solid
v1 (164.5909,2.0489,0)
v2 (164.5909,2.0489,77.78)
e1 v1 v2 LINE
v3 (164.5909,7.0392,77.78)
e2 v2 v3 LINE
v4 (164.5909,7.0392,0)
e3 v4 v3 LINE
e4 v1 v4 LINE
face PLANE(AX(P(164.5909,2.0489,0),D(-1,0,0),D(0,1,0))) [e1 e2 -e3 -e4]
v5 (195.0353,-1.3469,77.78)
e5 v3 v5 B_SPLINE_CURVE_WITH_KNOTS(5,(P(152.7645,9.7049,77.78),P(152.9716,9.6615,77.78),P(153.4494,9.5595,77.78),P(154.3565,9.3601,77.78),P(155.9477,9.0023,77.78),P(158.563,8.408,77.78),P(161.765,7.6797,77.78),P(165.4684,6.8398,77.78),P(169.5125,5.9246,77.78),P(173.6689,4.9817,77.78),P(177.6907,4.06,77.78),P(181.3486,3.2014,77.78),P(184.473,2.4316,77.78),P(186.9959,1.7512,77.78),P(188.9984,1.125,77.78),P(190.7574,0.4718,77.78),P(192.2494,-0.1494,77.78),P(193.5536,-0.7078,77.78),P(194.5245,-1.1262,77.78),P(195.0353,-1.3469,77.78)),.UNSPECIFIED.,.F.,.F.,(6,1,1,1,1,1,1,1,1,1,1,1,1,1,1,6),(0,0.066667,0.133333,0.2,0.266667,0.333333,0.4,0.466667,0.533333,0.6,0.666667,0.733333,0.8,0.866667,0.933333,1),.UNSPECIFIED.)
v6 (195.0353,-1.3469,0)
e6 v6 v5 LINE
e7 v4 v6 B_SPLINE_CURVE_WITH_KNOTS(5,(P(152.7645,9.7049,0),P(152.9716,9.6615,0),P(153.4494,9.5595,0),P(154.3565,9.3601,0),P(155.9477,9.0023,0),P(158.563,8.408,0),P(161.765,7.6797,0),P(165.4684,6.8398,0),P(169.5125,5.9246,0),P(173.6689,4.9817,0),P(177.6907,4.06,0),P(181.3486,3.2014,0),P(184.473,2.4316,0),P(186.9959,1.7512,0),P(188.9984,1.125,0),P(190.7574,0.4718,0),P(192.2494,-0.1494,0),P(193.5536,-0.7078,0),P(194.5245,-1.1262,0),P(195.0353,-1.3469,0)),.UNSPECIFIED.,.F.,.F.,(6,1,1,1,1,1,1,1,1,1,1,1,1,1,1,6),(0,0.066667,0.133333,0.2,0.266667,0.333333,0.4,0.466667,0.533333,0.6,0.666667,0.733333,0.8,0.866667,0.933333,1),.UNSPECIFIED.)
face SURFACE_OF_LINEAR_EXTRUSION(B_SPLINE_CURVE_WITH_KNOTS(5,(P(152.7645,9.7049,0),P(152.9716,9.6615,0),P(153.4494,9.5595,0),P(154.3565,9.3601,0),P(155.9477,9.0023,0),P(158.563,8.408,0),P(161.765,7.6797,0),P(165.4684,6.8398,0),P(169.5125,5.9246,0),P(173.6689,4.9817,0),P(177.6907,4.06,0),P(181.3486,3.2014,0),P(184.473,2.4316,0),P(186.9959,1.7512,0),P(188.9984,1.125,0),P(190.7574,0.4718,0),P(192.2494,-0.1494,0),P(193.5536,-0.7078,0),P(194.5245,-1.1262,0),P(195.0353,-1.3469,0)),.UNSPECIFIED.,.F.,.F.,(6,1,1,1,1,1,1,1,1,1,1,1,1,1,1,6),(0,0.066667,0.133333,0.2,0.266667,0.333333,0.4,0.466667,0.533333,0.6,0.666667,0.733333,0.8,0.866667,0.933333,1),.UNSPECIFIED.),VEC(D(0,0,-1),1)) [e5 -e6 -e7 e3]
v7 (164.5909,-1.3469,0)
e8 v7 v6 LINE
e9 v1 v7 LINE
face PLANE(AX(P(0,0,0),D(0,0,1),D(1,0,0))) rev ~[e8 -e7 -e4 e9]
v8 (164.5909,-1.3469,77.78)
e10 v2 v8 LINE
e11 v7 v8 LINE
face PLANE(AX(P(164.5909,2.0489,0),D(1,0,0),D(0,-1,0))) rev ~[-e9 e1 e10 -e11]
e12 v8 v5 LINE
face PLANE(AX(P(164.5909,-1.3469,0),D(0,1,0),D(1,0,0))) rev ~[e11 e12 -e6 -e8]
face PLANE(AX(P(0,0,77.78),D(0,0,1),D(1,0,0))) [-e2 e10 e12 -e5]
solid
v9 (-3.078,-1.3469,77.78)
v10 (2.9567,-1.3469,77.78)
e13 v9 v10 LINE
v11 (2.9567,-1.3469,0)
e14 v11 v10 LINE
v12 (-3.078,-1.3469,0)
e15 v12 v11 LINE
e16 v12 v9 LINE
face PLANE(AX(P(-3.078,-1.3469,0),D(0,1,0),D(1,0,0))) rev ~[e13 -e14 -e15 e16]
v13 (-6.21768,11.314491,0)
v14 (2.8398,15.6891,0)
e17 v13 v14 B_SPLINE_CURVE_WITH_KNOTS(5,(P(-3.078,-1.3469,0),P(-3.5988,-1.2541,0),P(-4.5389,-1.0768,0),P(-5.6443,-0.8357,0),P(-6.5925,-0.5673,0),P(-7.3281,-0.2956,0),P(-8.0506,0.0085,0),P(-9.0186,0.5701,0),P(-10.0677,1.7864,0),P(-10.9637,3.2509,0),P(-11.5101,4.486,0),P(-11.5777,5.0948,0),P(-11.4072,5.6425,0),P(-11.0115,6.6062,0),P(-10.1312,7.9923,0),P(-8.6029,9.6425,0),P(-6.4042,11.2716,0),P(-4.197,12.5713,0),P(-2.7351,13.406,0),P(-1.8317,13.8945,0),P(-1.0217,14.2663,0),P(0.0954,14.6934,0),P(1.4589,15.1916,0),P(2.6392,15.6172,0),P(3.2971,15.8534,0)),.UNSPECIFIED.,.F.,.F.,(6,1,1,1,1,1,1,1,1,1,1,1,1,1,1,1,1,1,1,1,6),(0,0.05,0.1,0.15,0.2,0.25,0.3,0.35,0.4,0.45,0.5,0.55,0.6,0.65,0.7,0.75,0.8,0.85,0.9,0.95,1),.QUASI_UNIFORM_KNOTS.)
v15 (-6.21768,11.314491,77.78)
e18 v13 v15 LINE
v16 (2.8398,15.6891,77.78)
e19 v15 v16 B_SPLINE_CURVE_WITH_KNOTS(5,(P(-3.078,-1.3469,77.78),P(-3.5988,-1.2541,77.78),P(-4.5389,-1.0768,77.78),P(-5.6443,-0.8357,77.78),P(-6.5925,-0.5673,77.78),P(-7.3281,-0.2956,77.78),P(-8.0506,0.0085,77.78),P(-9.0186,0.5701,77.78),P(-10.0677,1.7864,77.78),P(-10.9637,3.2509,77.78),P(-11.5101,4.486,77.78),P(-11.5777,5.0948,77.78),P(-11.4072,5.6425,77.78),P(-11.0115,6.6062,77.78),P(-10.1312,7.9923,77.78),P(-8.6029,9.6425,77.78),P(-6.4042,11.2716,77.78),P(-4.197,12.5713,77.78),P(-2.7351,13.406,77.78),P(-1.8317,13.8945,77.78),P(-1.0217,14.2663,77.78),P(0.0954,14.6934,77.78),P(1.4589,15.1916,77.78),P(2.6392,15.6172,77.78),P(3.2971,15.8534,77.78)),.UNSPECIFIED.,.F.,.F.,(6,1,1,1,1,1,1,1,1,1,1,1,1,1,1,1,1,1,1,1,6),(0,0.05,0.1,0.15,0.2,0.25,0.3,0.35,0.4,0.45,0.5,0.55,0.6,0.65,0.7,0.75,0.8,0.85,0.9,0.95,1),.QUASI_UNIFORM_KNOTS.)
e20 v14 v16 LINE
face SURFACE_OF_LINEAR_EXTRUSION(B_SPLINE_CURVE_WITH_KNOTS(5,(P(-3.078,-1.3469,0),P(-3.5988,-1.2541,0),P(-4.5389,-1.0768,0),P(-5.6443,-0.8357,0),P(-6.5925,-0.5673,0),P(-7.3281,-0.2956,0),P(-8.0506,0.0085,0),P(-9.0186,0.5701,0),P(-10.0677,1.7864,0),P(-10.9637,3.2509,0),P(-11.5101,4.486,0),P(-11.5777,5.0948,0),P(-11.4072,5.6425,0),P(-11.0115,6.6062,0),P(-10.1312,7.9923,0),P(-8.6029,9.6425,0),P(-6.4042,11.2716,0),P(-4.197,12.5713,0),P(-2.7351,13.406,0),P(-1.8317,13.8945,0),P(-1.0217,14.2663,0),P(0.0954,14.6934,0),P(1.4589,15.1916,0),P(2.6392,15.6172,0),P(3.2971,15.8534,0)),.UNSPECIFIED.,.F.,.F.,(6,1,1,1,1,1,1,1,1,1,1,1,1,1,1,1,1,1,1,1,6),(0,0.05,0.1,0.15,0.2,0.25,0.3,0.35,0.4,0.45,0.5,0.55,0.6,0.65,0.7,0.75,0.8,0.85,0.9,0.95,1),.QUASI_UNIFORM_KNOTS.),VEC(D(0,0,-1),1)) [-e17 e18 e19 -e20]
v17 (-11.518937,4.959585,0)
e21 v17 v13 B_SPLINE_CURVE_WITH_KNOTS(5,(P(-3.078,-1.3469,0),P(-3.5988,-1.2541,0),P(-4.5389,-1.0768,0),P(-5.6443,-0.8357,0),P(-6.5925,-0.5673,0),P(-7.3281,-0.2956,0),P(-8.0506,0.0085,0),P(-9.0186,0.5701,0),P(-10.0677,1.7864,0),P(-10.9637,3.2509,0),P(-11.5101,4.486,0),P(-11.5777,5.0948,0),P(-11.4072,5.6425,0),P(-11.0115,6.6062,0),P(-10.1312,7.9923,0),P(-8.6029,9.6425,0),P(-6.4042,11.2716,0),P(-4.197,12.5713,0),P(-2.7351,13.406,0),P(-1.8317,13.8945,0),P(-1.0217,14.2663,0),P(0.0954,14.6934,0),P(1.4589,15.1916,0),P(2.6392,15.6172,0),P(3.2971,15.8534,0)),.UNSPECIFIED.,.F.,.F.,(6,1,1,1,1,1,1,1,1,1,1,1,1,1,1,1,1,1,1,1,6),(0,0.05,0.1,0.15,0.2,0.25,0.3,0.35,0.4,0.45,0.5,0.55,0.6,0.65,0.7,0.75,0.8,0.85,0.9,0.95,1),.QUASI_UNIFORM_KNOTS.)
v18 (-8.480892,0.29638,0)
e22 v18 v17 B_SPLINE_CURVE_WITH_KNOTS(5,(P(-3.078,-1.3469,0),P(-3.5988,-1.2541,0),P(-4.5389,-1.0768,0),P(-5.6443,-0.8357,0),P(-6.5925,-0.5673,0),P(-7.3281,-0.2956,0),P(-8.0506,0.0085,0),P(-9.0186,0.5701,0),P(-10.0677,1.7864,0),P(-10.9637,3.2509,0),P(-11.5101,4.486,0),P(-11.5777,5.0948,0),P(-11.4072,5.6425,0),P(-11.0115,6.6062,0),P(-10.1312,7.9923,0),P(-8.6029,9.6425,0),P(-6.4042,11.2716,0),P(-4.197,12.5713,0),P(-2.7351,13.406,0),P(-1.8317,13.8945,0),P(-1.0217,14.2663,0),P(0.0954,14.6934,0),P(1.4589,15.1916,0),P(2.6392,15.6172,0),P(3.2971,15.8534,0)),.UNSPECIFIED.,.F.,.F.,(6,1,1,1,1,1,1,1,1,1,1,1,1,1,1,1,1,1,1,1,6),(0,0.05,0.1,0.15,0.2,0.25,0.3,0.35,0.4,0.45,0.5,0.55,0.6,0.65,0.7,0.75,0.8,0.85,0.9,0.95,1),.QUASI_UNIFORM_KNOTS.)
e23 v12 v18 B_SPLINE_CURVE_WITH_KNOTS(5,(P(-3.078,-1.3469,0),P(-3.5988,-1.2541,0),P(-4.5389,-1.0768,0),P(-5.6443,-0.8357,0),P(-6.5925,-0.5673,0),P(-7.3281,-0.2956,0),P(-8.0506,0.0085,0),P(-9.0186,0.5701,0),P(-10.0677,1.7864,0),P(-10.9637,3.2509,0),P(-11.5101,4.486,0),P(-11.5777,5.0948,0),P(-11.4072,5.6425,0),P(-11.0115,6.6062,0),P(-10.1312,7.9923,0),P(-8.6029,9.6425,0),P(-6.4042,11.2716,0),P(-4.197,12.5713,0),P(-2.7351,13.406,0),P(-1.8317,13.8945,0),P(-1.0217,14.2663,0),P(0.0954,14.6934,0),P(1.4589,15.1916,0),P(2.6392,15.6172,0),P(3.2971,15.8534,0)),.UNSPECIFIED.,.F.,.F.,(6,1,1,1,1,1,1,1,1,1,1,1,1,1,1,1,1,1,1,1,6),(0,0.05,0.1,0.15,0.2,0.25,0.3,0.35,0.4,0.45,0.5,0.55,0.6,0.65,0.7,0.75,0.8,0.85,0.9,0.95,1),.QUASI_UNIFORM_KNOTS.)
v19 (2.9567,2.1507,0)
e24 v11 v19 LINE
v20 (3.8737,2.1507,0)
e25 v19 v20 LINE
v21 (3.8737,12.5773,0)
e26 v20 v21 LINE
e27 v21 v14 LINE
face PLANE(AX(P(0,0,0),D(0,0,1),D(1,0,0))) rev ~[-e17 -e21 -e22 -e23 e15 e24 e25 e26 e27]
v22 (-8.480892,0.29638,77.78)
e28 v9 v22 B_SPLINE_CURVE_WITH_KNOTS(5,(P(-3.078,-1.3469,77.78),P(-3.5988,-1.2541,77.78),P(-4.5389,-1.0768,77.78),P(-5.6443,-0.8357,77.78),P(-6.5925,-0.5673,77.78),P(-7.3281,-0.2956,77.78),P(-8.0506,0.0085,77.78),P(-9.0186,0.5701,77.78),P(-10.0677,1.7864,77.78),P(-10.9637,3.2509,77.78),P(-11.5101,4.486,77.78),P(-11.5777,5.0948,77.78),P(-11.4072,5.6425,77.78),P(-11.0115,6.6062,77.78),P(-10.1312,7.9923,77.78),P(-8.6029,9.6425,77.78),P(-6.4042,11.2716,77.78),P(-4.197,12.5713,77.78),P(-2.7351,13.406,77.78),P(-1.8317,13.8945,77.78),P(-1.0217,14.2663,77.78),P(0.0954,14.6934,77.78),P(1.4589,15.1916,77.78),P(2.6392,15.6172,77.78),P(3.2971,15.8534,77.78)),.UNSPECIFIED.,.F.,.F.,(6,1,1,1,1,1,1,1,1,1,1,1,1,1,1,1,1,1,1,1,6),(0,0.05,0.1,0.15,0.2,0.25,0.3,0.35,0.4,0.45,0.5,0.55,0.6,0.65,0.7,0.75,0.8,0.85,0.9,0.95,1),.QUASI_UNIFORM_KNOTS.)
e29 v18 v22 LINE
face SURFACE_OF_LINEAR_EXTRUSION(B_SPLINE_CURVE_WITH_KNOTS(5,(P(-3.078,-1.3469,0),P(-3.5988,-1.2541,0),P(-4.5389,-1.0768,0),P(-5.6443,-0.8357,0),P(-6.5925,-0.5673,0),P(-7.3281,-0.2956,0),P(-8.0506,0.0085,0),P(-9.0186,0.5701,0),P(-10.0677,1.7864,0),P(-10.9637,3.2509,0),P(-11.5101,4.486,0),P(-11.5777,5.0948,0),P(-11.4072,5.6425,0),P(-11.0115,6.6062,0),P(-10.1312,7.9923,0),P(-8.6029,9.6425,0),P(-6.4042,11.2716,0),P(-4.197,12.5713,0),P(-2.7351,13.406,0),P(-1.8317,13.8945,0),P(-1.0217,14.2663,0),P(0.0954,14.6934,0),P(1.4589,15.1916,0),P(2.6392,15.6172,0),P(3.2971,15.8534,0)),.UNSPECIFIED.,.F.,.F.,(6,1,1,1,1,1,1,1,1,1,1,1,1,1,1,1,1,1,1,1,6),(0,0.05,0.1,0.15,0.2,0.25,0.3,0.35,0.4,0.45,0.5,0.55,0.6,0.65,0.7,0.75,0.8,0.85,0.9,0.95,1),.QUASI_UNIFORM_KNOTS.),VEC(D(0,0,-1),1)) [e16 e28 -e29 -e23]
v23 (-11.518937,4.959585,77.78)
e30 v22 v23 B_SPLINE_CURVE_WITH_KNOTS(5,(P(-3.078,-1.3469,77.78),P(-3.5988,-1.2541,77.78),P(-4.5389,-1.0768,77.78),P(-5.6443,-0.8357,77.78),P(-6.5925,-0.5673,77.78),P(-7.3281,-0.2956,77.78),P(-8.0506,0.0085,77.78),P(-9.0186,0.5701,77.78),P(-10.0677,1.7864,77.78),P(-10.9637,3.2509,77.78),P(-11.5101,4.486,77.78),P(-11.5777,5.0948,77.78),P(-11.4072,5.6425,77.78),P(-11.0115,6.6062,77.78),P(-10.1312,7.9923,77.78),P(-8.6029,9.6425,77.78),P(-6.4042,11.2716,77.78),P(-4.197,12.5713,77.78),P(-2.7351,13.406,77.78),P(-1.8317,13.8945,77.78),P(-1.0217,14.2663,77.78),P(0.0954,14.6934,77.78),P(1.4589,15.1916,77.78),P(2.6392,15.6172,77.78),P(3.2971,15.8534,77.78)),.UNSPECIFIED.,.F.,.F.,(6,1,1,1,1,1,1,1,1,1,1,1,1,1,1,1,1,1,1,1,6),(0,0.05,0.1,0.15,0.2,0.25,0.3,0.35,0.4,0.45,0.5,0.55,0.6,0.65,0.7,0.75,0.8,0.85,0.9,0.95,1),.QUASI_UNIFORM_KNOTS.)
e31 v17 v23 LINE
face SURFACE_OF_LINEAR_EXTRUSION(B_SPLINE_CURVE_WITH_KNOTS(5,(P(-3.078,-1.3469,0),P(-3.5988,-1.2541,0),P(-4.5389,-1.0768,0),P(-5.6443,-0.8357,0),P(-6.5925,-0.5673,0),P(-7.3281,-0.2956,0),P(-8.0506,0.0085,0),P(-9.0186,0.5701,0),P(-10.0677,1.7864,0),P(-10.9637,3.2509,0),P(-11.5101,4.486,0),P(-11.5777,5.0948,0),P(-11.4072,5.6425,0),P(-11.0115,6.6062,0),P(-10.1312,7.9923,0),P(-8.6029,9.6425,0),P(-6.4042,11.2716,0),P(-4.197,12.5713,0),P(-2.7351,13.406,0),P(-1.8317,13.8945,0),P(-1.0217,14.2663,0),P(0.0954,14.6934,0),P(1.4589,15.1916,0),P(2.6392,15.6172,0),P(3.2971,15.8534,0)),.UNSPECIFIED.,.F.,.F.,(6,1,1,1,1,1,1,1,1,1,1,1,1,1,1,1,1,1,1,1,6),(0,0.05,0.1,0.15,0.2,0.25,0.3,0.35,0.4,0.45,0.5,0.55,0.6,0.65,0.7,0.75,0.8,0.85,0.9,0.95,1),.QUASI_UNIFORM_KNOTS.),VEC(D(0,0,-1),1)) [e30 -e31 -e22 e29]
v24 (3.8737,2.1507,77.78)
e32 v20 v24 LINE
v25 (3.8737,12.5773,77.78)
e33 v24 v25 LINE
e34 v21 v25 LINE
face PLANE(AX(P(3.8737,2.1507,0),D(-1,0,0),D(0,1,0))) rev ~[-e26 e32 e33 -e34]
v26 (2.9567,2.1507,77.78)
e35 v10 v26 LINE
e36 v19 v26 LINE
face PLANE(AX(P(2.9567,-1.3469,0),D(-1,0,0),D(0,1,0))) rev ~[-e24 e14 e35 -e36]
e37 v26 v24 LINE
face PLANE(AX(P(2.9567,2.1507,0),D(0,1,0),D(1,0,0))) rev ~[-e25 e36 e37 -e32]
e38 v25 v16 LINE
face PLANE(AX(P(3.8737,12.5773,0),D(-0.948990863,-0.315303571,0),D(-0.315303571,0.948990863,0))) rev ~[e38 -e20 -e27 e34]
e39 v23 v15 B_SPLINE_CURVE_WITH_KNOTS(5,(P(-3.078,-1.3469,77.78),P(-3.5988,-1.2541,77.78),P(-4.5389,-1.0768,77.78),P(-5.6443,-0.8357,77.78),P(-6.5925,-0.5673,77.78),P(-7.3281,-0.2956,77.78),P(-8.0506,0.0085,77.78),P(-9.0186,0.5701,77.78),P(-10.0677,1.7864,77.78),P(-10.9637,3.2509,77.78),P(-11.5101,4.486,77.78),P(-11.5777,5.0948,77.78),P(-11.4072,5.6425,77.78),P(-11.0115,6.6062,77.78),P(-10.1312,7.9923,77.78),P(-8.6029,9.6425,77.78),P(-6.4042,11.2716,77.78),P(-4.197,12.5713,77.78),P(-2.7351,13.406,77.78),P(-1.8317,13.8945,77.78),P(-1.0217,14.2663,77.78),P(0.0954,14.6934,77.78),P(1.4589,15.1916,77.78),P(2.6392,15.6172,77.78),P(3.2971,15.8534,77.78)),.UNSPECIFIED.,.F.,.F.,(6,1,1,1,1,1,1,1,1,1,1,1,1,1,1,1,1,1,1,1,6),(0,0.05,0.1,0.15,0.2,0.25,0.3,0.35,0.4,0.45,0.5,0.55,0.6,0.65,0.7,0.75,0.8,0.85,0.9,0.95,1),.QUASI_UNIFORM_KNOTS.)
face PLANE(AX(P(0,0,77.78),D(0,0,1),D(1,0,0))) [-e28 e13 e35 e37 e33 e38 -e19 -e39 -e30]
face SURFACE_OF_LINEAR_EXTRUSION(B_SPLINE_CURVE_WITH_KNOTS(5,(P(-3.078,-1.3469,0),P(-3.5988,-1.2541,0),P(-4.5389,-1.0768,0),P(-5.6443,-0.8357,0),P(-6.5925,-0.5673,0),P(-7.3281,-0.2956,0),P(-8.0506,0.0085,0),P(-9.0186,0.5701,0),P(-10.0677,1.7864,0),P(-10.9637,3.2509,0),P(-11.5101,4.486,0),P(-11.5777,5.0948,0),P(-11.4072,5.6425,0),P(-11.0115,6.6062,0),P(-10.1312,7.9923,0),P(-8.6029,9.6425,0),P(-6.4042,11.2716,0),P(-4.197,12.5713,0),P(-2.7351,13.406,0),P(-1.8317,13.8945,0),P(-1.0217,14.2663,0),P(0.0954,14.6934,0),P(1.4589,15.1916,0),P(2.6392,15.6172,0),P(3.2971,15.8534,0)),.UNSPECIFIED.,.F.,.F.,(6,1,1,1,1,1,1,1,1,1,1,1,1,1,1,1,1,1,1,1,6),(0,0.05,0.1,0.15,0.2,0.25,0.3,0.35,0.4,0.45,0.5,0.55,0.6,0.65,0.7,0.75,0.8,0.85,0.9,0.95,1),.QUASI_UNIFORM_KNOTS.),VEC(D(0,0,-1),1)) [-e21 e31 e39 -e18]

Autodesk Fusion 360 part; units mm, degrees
sketch "Sketch1" plane through (0, 0, 0) normal (0, 0, 1) x (1, 0, 0) in component "Airfoil structure"
  spline S0 degree 5 poles (152.7645, 9.7049) (152.9716, 9.6615) (153.4494, 9.5595) (154.3565, 9.3601) (155.9477, 9.0023) (158.563, 8.408) (161.765, 7.6797) (165.4684, 6.8398) (169.5125, 5.9246) (173.6689, 4.9817) (177.6907, 4.06) (181.3486, 3.2014) (184.473, 2.4316) (186.9959, 1.7512) (188.9984, 1.125) (190.7574, 0.4718) (192.2494, -0.1494) (193.5536, -0.7078) (194.5245, -1.1262) (195.0353, -1.3469) knots 0 0 0 0 0 0 0.066667 0.133333 0.2 0.266667 0.333333 0.4 0.466667 0.533333 0.6 0.666667 0.733333 0.8 0.866667 0.933333 1 1 1 1 1 1
  line L0 (151.6776, 9.9322) -> (153.8514, 9.4775)
  line L1 (191.9867, -0.0294) -> (198.0838, -2.6644)
  circle A0 centre (33.1388, 9.1296) radius 4.765
  circle A1 centre (116.1615, 7.0362) radius 3.175
  spline S1 degree 5 poles (-3.078, -1.3469) (-3.5988, -1.2541) (-4.5389, -1.0768) (-5.6443, -0.8357) (-6.5925, -0.5673) (-7.3281, -0.2956) (-8.0506, 0.0085) (-9.0186, 0.5701) (-10.0677, 1.7864) (-10.9637, 3.2509) (-11.5101, 4.486) (-11.5777, 5.0948) (-11.4072, 5.6425) (-11.0115, 6.6062) (-10.1312, 7.9923) (-8.6029, 9.6425) (-6.4042, 11.2716) (-4.197, 12.5713) (-2.7351, 13.406) (-1.8317, 13.8945) (-1.0217, 14.2663) (0.0954, 14.6934) (1.4589, 15.1916) (2.6392, 15.6172) (3.2971, 15.8534) knots 0 0 0 0 0 0 0.05 0.1 0.15 0.2 0.25 0.3 0.35 0.4 0.45 0.5 0.55 0.6 0.65 0.7 0.75 0.8 0.85 0.9 0.95 1 1 1 1 1 1
  line L2 (0.5733, -1.9976) -> (-6.7293, -0.6962)
  line L3 (-0.0118, 14.6656) -> (6.606, 17.0412)
  line L4 (-8.4792, 9.8153) -> (-3.9569, 12.8132)
  line L5 (-11.5034, 4.2257) -> (-11.5345, 5.6935)
  line L6 (-7.2174, -0.5359) -> (-9.7443, 1.1286)
  line L7 (19.5688, 19.3646) -> (90.5688, 19.3646)
  spline S2 degree 5 poles (93.5688, 19.3646) (93.8188, 19.3387) (94.2829, 19.2905) (94.8714, 19.229) (95.4658, 19.1659) (96.0263, 19.1049) (96.567, 19.0445) (97.2368, 18.9678) (98.1315, 18.8622) (99.313, 18.7173) (100.8214, 18.5245) (102.3118, 18.3263) (103.5973, 18.1504) (104.53, 18.0207) (105.0153, 17.9528) knots 0 0 0 0 0 0 0.1 0.2 0.3 0.4 0.5 0.6 0.7 0.8 0.9 1 1 1 1 1 1
  line L8 (92.266, 19.4996) -> (94.8715, 19.2297)
  line L9 (103.6448, 18.1447) -> (106.3858, 17.761)
  spline S3 degree 5 poles (6.5765, 16.943) (6.9079, 17.0449) (7.5374, 17.2364) (8.3817, 17.4868) (9.3156, 17.7508) (10.2084, 17.9865) (10.8922, 18.156) (11.4504, 18.29) (11.9864, 18.4184) (12.6265, 18.5675) (13.504, 18.76) (14.4962, 18.9637) (15.447, 19.1503) (16.1786, 19.2906) (16.5688, 19.3646) knots 0 0 0 0 0 0 0.1 0.2 0.3 0.4 0.5 0.6 0.7 0.8 0.9 1 1 1 1 1 1
  line L10 (5.4107, 16.5846) -> (7.7424, 17.3015)
  line L11 (15.2328, 19.111) -> (17.9048, 19.6183)
  line L12 (152.2841, 9.8053) -> (152.7645, 9.7049)
  line L13 (107.9851, 17.5282) -> (108.4359, 17.4637)
  line L14 (6.1441, 16.7993) -> (6.5765, 16.943)
  line L15 (128.8618, -1.3469) -> (132.3168, -1.3469)
  line L16 (149.3476, 10.4194) -> (148.7335, 7.483)
  line L17 (148.7335, 7.483) -> (151.67, 6.8689)
  line L18 (151.67, 6.8689) -> (152.2841, 9.8053)
  line L19 (3.2971, 15.8534) -> (4.243, 13.0064)
  line L20 (4.243, 13.0064) -> (7.09, 13.9524)
  line L21 (7.09, 13.9524) -> (6.1441, 16.7993)
  line L22 (161.1951, -1.3469) -> (161.1951, 1.6531)
  line L23 (161.1951, 1.6531) -> (164.1951, 1.6531)
  line L24 (164.1951, 1.6531) -> (164.1951, -1.3469)
  line L25 (132.3168, -1.3469) -> (161.1951, -1.3469)
  line L26 (164.1951, -1.3469) -> (195.0353, -1.3469)
  line L27 (3.4543, -1.3469) -> (3.4543, 1.6531)
  line L28 (3.4543, 1.6531) -> (6.4543, 1.6531)
  line L29 (6.4543, 1.6531) -> (6.4543, -1.3469)
  line L30 (-3.078, -1.3469) -> (3.4543, -1.3469)
  line L31 (6.4543, -1.3469) -> (128.8618, -1.3469)
  line L32 (105.0153, 17.9528) -> (107.9851, 17.5282)
  line L33 (19.5688, 19.3646) -> (19.5688, 16.3646)
  line L34 (19.5688, 16.3646) -> (16.5688, 16.3646)
  line L35 (16.5688, 16.3646) -> (16.5688, 19.3646)
  line L36 (90.5688, 19.3646) -> (90.5688, 16.3646)
  line L37 (90.5688, 16.3646) -> (93.5688, 16.3646)
  line L38 (93.5688, 16.3646) -> (93.5688, 19.3646)
  line L39 (113.7881, 13.5683) -> (110.8279, 14.0557)
  line L40 (110.8279, 14.0557) -> (111.3153, 17.0159)
  line L41 (113.7881, 13.5683) -> (114.2755, 16.5285)
  spline S4 degree 5 poles (108.4359, 17.4637) (108.5255, 17.4506) (108.6943, 17.4261) (108.916, 17.394) (109.1532, 17.3597) (109.3785, 17.3272) (109.5651, 17.2997) (109.7467, 17.2719) (109.9518, 17.2393) (110.199, 17.1992) (110.5008, 17.1497) (110.7926, 17.1018) (111.0419, 17.0608) (111.2219, 17.0312) (111.3153, 17.0159) knots 0 0 0 0 0 0 0.1 0.2 0.3 0.4 0.5 0.6 0.7 0.8 0.9 1 1 1 1 1 1
  line L42 (107.9387, 17.5361) -> (108.933, 17.3913)
  line L43 (110.8712, 17.0888) -> (111.7595, 16.9429)
  spline S5 degree 5 poles (114.2755, 16.5285) (114.908, 16.4243) (116.2157, 16.2103) (118.305, 15.8728) (121.3361, 15.3892) (125.4662, 14.728) (129.833, 14.0131) (134.2929, 13.2559) (138.6571, 12.4806) (142.6792, 11.7322) (146.0525, 11.0804) (147.9853, 10.6961) (148.8914, 10.5134) (149.2384, 10.4423) (149.3476, 10.4194) knots 0 0 0 0 0 0 0.1 0.2 0.3 0.4 0.5 0.6 0.7 0.8 0.9 1 1 1 1 1 1
  line L44 (111.4536, 16.9935) -> (117.0973, 16.0636)
  line L45 (148.6356, 10.5684) -> (150.0597, 10.2705)
  line L46 (151.67, 6.8689) -> (155.718, 6.0223) construction
  line L47 (164.1951, 1.6531) -> (164.6963, 1.6531) construction
  line L48 (152.6756, 9.7234) -> (152.0615, 6.787)
  line L49 (164.1951, 1.6531) -> (164.9867, 2.4447) construction
  line L50 (164.1951, 1.6531) -> (164.8816, 1.6531) construction
  line L51 (164.5909, 2.0489) -> (164.5909, -1.3469)
  line L52 (152.2841, 9.8053) -> (152.6756, 9.7234) construction
  line L53 (152.6756, 9.7234) -> (151.9827, 6.4137) construction
  line L54 (151.5912, 6.4957) -> (152.2841, 9.8053) construction
  line L55 (152.2841, 9.8053) -> (152.6756, 9.7234)
  line L56 (152.6756, 9.7234) -> (151.9342, 6.1818)
  line L57 (151.9342, 6.1818) -> (151.5427, 6.2638) construction
  line L58 (151.5427, 6.2638) -> (152.2841, 9.8053)
  line L59 (2.9567, -1.3469) -> (2.9567, 2.1507)
  line L60 (2.9567, 2.1507) -> (3.8737, 2.1507)
  line L61 (3.8737, 2.1507) -> (3.8737, 12.5773)
  line L62 (3.8737, 12.5773) -> (2.8398, 15.6891)
  line L63 (4.243, 13.0064) -> (1.9707, 12.2515) construction
  line L64 (3.4543, 1.6531) -> (2.143, 2.9644) construction
  line L65 (3.4543, 1.6531) -> (5.3087, 1.6531) construction
  line L66 (164.5909, 2.0489) -> (152.0615, 6.787)
  line L67 (151.67, 6.8689) -> (152.3309, 5.404) construction
  line L68 (151.5764, 6.4249) -> (164.1951, 1.6531)
  line L69 (164.5909, 2.0489) -> (164.5909, 7.0392)
  point P0 (-8.4808, 0.2964)
  point P1 (-11.5189, 4.9596)
  point P2 (-6.2181, 11.3142)
  point P3 (11.4183, 18.2822)
  point P4 (96.5722, 19.0435)
  point P5 (109.7229, 17.2753)
  point P6 (137.8507, 12.6179)
  point P7 (163.7235, 7.2358)
  point P8 (186.7896, 1.7868)
  dimension "d38" = 77
  dimension "d53" = 9.53
  dimension "d54" = 6.35
  dimension "d59" = 3
  dimension "d65" = 0.4
  dimension "d68" = 3
  dimension "d69" = 3
  dimension "d73" = 45
  dimension "d81" = 135
  dimension "d82" = 3
  dimension "d83" = 3
  dimension "d88" = 45
extrude "Extrude4" add sketch "Sketch1" along normal blind 77.78 contours S1 L30 L59 L60 L61 L62 makes body 1 in component "Airfoil structure"
extrude "Extrude3" add sketch "Sketch1" along normal blind 77.78 separate body contours S0 L26 L51 L69 makes body 2
extrude "Extrude3'" [suppressed] in component "Airfoil structure"
sketch "Sketch3" plane through (0, 0, 0) normal (0, 0, 1) x (1, 0, 0)
component "Airfoil structure" placed x (1, 0, 0) y (0, 1, 0) z (0, 0, 1) at (0, 0, 0)
